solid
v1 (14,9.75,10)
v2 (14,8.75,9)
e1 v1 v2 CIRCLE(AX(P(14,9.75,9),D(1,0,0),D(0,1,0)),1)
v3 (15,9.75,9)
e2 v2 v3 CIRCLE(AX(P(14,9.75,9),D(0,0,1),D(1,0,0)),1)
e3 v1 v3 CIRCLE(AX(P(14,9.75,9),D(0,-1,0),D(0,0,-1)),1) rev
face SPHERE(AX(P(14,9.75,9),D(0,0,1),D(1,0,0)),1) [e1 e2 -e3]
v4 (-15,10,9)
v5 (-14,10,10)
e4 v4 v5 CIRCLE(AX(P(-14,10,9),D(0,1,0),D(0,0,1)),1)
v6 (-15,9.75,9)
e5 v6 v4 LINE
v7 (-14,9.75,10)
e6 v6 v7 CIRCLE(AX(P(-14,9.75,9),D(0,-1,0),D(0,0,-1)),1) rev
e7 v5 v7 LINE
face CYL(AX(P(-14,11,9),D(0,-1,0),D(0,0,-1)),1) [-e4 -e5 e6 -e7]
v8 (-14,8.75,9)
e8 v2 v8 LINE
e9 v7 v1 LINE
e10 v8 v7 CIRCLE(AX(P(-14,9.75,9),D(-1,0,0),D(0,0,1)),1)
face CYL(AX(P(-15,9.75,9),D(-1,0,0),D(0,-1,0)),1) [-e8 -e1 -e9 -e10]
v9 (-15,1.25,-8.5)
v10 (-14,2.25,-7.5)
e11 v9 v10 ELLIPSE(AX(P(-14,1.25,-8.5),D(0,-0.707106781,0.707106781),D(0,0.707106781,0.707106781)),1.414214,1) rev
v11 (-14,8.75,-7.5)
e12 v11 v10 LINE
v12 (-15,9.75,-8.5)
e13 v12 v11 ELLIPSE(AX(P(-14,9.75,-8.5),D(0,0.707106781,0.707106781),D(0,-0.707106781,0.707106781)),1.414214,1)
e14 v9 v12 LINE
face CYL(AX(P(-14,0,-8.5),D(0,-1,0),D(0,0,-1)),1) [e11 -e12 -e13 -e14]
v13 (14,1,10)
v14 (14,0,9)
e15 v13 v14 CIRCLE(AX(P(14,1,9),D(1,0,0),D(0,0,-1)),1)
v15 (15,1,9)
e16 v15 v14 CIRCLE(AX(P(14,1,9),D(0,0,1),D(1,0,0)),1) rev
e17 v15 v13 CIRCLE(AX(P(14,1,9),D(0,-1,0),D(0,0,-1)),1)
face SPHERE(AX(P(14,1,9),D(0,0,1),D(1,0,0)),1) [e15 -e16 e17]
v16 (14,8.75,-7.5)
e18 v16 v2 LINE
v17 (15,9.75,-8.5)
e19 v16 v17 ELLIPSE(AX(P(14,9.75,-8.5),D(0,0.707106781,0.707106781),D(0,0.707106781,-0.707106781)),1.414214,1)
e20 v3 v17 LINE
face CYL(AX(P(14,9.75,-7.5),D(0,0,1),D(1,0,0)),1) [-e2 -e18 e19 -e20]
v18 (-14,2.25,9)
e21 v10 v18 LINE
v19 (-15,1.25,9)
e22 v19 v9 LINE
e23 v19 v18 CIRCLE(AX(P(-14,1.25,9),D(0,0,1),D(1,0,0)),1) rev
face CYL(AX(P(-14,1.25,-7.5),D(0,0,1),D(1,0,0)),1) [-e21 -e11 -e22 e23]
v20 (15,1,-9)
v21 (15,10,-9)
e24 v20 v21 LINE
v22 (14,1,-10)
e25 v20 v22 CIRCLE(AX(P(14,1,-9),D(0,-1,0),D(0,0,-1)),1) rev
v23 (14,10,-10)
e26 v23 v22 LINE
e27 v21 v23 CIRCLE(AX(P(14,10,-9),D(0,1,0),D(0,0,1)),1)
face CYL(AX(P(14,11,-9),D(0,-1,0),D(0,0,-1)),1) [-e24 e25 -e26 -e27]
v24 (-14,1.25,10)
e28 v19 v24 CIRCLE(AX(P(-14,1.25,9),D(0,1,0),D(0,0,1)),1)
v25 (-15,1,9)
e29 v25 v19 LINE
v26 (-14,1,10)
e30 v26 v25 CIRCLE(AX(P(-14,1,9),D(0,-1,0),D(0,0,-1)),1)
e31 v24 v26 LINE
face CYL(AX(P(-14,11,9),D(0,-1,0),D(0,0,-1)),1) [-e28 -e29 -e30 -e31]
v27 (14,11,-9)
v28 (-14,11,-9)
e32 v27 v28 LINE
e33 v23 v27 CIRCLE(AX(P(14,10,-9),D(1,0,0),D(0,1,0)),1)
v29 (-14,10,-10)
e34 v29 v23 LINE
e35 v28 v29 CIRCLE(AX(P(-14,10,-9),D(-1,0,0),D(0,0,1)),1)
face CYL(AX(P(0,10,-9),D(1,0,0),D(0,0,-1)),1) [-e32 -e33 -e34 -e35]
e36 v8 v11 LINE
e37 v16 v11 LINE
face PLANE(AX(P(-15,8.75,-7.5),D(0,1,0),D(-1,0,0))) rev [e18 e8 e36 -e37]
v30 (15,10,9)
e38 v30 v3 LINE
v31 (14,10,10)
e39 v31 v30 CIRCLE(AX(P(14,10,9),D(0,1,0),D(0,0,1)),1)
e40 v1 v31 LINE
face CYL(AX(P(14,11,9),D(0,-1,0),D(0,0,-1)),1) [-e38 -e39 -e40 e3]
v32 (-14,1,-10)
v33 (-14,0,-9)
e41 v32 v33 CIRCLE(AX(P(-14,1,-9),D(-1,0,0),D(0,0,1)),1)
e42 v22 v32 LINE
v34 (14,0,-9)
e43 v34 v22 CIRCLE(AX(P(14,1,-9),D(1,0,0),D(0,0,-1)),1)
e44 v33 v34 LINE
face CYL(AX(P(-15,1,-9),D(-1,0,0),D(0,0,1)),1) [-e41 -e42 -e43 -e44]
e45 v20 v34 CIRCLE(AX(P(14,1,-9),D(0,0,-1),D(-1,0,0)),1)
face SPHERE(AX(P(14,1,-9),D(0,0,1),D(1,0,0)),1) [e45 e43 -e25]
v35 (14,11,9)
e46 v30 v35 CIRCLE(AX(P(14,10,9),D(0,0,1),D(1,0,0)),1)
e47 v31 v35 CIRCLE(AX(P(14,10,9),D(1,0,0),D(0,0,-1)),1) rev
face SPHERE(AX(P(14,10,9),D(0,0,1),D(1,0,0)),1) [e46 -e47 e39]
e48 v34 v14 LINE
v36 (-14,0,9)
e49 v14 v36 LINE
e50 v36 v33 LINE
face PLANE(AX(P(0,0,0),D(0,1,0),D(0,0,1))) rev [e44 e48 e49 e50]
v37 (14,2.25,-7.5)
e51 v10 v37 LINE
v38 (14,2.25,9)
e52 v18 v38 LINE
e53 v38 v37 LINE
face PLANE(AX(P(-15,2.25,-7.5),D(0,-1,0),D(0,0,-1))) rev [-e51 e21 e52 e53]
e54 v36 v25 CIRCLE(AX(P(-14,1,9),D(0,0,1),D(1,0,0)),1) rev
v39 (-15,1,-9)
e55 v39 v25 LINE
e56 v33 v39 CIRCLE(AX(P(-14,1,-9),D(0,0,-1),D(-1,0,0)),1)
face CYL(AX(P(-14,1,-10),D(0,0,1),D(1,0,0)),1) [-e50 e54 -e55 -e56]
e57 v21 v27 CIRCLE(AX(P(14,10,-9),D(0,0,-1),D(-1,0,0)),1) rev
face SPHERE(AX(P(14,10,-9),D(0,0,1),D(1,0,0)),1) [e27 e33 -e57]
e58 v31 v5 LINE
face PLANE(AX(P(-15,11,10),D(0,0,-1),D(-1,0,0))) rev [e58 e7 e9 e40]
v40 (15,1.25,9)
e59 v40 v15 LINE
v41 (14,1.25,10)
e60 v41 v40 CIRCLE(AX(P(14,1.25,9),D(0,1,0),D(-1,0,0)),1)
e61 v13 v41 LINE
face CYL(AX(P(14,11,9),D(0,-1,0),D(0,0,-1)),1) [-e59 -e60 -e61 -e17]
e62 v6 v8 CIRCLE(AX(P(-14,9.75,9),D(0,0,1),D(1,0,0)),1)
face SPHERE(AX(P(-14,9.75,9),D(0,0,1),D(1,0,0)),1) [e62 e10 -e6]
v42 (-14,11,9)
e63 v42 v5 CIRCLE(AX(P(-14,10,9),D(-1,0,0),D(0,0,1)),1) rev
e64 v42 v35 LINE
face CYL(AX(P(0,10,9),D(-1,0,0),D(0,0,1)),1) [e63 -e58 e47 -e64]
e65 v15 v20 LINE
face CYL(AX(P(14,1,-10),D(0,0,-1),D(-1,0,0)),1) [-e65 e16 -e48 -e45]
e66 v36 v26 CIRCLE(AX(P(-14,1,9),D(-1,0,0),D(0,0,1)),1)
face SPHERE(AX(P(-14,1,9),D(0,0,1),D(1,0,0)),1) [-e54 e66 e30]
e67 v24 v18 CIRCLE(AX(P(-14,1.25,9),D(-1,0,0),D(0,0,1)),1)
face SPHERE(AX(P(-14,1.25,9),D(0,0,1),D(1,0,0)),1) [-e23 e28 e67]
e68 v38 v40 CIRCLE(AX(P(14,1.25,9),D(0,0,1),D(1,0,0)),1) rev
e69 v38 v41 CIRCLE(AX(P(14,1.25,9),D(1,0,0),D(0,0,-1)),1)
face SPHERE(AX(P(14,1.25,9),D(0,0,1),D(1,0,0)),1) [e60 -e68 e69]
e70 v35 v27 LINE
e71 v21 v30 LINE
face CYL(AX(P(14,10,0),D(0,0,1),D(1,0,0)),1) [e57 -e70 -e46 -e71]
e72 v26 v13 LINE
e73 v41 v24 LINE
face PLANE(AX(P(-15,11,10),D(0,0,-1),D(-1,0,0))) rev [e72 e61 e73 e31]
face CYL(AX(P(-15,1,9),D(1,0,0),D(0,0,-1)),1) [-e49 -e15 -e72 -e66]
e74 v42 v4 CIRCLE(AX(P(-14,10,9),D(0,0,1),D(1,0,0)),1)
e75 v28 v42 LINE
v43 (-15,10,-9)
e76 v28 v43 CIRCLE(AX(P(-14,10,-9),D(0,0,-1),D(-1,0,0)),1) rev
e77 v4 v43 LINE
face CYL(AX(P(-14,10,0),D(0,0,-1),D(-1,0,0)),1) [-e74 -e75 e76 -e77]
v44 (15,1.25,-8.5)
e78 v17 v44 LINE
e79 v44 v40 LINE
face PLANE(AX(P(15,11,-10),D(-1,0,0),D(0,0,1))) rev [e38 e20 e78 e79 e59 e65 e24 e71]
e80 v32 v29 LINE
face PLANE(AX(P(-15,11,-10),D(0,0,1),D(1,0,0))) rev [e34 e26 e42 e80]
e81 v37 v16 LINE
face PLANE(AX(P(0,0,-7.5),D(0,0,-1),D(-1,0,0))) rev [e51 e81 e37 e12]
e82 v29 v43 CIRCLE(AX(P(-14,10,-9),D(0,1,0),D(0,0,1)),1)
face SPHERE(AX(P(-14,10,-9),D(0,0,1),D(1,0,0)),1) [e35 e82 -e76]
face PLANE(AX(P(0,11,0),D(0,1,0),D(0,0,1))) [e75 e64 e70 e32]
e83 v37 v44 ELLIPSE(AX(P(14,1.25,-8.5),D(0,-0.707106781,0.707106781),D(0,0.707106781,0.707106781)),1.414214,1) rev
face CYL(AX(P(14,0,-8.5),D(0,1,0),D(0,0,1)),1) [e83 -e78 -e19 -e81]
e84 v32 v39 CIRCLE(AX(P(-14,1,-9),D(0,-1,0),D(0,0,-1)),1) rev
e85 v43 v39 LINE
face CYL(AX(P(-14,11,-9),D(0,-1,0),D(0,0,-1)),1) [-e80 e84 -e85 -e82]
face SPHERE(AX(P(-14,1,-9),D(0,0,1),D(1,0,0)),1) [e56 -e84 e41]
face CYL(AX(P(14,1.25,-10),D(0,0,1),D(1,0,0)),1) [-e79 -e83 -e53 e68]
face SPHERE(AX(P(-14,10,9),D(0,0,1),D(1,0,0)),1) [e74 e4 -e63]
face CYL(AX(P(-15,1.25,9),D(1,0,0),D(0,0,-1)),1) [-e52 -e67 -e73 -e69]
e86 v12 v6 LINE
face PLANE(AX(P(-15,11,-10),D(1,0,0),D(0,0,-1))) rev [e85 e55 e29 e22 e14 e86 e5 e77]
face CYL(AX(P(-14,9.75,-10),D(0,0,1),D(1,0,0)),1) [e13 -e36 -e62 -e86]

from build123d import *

# Parameters (mm, degrees)
SKETCH1_W           = 30
SKETCH1_H           = 20
BOSS_EXTRUDE1_DEPTH = 11
SKETCH2_W           = 30
SKETCH2_H           = 6.5
CUT_EXTRUDE1_DEPTH  = 17.5
FILLET1_R           = 1


with BuildPart() as part:
    # Sketch1 → Boss-Extrude1 (new body)
    with BuildSketch(Plane(origin=(0, 0, 0), x_dir=(1, 0, 0), z_dir=(0, 1, 0))):
        Rectangle(SKETCH1_W, SKETCH1_H)
    extrude(amount=BOSS_EXTRUDE1_DEPTH)

    # Sketch2 → Cut-Extrude1 (cut)
    with BuildSketch(Plane.XY.offset(10)):
        with Locations((0, 5.5)):
            Rectangle(SKETCH2_W, SKETCH2_H)
    extrude(amount=-CUT_EXTRUDE1_DEPTH, mode=Mode.SUBTRACT)

    # Fillet1
    fillet1_edges = [part.edges().sort_by_distance(p)[0] for p in [
        (-15, 11, 0),
        (0, 11, 10),
        (15, 1.125, 10),
        (-15, 1.125, 10),
        (-15, 8.75, 1.25),
        (15, 5.5, -7.5),
        (15, 8.75, 1.25),
        (15, 2.25, 1.25),
        (-15, 5.5, -7.5),
        (-15, 2.25, 1.25),
        (0, 8.75, 10),
        (0, 2.25, 10),
        (15, 11, 0),
        (0, 0, 10),
        (-15, 0, 0),
        (0, 0, -10),
        (15, 0, 0),
        (0, 11, -10),
        (15, 9.875, 10),
        (-15, 9.875, 10),
        (-15, 5.5, -10),
        (15, 5.5, -10),
    ]]
    fillet(fillet1_edges, radius=FILLET1_R)


solid = part.part
